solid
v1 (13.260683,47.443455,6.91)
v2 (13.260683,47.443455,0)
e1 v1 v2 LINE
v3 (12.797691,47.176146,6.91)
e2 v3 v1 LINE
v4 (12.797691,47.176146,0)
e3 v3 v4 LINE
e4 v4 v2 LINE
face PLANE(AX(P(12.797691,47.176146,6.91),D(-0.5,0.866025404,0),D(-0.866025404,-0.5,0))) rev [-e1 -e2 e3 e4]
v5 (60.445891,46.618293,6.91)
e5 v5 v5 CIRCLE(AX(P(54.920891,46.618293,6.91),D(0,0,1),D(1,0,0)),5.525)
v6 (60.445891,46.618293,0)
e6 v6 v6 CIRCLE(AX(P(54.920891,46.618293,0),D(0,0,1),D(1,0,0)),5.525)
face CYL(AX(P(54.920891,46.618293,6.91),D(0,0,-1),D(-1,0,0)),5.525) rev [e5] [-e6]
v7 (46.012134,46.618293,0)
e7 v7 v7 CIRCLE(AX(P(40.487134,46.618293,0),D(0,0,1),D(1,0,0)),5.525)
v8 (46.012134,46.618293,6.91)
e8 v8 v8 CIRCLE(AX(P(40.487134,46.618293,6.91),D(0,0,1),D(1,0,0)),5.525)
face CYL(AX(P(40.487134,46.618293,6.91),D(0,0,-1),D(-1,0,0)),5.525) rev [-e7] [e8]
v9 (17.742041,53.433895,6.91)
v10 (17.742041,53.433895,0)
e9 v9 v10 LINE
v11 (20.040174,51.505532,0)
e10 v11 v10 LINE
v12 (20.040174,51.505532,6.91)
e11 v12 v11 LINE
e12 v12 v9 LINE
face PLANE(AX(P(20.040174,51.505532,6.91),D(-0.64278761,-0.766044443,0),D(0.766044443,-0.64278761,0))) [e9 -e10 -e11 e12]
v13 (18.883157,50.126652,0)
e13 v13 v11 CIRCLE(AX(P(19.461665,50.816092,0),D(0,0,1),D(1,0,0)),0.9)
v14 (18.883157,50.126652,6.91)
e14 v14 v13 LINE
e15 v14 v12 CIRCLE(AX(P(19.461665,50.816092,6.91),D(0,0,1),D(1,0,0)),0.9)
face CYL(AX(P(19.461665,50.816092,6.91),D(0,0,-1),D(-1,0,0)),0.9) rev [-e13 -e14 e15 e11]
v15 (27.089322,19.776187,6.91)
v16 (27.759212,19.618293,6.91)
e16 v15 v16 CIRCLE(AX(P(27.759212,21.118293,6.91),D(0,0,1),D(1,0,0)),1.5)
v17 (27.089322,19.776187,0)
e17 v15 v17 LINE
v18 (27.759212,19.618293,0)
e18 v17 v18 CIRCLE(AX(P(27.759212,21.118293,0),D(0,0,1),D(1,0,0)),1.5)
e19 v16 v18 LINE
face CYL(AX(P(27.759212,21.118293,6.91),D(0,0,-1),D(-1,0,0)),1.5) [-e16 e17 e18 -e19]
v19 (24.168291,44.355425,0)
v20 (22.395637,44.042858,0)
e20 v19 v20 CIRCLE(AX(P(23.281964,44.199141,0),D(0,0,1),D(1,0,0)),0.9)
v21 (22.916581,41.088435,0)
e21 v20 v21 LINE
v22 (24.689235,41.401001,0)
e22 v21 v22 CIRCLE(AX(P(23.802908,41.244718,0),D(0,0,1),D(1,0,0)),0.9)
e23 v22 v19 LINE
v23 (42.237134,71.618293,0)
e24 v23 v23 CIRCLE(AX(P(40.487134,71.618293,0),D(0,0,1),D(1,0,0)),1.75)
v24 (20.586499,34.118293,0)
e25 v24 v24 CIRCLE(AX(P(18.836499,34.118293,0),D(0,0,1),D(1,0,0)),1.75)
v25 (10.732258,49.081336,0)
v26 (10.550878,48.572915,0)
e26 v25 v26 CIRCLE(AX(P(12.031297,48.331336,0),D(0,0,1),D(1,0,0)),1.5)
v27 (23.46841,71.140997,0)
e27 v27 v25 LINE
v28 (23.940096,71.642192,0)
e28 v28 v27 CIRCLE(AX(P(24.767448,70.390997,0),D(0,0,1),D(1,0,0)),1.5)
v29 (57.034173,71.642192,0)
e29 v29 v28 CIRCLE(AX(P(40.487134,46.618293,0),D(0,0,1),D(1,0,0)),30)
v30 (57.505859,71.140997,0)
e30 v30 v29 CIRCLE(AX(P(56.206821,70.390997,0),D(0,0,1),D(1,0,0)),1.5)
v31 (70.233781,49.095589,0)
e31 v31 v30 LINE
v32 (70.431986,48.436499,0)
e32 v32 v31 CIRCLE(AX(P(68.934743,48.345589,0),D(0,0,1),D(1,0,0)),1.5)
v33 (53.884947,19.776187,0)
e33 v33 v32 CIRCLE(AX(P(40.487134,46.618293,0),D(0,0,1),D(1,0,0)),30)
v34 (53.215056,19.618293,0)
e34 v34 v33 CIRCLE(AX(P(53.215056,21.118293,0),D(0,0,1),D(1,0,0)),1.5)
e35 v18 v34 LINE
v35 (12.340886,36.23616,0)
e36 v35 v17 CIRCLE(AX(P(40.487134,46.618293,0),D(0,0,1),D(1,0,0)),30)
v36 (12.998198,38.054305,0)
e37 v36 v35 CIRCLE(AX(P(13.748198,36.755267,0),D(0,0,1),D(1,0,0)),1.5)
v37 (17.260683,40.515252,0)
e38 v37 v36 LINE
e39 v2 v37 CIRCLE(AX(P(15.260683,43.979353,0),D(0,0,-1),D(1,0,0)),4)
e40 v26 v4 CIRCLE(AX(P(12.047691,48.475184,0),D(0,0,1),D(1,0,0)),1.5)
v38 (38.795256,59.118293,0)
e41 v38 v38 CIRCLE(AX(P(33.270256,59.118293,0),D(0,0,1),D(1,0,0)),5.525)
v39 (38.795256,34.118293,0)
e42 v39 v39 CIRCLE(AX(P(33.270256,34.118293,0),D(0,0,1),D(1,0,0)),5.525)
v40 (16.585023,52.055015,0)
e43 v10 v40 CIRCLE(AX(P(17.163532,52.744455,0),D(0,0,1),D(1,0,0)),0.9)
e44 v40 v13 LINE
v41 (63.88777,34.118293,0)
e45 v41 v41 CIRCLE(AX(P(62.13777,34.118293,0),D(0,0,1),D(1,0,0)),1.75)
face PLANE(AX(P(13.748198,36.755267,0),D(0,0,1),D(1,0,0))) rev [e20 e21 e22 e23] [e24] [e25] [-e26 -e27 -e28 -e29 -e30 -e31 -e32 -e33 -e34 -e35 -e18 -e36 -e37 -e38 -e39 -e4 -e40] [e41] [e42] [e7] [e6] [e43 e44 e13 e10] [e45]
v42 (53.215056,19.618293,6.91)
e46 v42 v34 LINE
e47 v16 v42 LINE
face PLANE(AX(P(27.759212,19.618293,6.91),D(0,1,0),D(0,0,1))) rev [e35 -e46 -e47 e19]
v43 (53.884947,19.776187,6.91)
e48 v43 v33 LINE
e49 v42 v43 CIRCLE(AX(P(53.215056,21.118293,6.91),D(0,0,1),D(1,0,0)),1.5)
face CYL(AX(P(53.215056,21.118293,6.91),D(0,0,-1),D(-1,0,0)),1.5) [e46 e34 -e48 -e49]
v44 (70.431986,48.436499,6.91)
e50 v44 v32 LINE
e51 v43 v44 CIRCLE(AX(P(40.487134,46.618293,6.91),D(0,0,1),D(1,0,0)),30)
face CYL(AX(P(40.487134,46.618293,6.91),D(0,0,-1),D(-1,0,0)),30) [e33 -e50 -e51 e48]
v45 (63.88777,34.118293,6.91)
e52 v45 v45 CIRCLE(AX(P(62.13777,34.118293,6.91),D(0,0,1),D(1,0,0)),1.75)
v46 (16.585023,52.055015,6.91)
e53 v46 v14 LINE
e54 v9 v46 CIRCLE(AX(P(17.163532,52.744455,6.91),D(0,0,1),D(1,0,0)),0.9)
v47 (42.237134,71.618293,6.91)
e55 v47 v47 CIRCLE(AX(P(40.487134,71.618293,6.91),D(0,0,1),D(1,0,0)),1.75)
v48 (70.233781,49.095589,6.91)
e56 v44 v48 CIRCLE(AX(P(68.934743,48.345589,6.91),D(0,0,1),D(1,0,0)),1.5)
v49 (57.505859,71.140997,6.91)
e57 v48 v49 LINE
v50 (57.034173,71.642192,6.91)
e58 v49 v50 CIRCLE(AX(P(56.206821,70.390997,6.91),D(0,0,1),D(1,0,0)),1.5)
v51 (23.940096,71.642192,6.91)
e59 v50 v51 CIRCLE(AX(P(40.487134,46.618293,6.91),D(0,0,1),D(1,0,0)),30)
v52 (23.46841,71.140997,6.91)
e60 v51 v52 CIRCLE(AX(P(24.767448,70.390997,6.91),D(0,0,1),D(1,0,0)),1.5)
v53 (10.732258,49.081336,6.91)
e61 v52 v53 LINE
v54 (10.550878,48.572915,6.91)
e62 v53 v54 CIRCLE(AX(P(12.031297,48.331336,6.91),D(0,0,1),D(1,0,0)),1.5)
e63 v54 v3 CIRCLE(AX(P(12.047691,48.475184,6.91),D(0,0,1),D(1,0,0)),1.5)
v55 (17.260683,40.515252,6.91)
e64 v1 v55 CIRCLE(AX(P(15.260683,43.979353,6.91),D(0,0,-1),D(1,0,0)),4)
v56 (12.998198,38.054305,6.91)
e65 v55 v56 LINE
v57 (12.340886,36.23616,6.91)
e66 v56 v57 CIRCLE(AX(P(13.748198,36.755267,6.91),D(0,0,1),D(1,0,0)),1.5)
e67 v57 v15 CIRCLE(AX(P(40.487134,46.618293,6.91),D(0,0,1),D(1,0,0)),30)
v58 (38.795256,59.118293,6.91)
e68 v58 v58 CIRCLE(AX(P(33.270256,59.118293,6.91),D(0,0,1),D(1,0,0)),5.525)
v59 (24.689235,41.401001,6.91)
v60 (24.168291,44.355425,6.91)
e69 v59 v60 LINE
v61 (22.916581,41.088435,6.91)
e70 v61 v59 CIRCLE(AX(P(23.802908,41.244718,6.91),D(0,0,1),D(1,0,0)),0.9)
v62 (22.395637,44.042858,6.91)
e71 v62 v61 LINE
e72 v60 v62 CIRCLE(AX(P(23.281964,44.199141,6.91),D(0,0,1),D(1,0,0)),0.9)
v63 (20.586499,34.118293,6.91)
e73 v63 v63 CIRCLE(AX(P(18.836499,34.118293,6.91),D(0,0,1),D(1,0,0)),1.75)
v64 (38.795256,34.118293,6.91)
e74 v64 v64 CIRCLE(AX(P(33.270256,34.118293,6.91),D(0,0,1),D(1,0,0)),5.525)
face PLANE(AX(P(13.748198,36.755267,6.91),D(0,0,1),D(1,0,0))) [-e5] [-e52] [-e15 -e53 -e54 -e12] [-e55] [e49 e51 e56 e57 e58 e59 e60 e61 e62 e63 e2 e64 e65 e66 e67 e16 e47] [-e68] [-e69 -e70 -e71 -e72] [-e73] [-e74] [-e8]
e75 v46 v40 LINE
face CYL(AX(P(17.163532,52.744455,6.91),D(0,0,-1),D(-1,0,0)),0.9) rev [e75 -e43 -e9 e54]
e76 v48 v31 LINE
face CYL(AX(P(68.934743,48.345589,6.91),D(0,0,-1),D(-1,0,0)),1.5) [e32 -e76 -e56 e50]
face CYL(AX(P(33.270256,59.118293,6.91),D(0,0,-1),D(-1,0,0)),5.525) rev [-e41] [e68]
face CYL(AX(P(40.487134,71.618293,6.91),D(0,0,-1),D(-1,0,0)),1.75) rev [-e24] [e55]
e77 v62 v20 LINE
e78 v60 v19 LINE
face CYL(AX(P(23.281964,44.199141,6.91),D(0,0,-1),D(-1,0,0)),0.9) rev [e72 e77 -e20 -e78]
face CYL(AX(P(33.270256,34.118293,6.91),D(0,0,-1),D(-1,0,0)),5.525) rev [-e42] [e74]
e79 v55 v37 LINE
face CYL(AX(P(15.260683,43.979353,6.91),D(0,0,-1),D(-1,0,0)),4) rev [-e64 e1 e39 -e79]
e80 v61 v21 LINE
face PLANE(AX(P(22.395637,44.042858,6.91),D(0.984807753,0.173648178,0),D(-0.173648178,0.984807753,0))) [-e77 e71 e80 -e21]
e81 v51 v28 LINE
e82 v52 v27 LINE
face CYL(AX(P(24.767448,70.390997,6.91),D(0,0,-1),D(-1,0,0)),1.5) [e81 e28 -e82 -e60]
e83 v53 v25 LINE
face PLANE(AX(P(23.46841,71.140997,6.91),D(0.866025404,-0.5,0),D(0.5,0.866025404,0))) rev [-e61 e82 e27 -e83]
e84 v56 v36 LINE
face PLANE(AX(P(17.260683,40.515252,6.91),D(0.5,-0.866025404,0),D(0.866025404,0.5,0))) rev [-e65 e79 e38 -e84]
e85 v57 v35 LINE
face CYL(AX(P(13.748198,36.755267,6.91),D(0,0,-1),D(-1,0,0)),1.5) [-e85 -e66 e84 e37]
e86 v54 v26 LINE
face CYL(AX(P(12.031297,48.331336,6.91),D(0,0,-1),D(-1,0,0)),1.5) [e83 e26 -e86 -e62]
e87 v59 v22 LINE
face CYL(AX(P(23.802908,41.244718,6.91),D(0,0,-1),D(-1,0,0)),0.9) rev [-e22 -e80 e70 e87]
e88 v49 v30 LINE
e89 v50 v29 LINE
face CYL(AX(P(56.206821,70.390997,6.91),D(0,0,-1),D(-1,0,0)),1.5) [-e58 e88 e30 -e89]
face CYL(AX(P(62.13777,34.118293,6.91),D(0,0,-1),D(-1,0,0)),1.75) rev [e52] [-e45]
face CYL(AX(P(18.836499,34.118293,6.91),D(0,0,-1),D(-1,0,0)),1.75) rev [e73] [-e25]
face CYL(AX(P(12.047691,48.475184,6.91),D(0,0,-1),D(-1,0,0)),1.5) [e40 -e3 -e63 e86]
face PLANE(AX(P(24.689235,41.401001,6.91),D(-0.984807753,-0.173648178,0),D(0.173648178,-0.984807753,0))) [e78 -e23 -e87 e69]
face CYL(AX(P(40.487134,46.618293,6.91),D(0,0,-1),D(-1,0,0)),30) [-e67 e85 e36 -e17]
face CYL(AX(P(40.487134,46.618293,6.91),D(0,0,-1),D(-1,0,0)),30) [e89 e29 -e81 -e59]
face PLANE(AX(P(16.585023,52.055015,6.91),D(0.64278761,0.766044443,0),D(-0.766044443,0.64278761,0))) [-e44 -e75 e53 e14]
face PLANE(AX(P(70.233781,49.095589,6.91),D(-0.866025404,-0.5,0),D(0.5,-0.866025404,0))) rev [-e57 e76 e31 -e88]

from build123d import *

# Parameters (mm, degrees)
SKETCH1_R           = 5.525
SKETCH1_R_2         = 1.75
BOSS_EXTRUDE1_DEPTH = 6.91


with BuildPart() as part:
    # Sketch1 → Boss-Extrude1 (new body)
    with BuildSketch(Plane.XY):
        with BuildLine():
            Line((27.759212348, 19.618292738), (53.215056471, 19.618292738))
            ThreePointArc((53.215056471, 19.618292738), (53.559180072, 19.658299948), (53.884947106, 19.776187475))
            ThreePointArc((53.884947106, 19.776187475), (66.467896523, 31.618292738), (70.431985807, 48.436499219))
            ThreePointArc((70.431985807, 48.436499219), (70.371195883, 48.77756551), (70.233781342, 49.095588895))
            Line((70.233781342, 49.095588895), (57.505859281, 71.14099658))
            ThreePointArc((57.505859281, 71.14099658), (57.299150221, 71.419012756), (57.03417311, 71.642191519))
            ThreePointArc((57.03417311, 71.642191519), (40.48713441, 76.618292738), (23.940095709, 71.642191519))
            ThreePointArc((23.940095709, 71.642191519), (23.675118599, 71.419012756), (23.468409538, 71.14099658))
            Line((23.468409538, 71.14099658), (10.732258497, 49.081335884))
            ThreePointArc((10.732258497, 49.081335884), (10.618509348, 48.835351928), (10.550877955, 48.572915326))
            ThreePointArc((10.550877955, 48.572915326), (11.255747963, 47.20128209), (12.797690777, 47.176146091))
            Line((12.797690777, 47.176146091), (13.260683436, 47.443455028))
            ThreePointArc((13.260683436, 47.443455028), (18.724785051, 45.979353412), (17.260683436, 40.515251797))
            Line((17.260683436, 40.515251797), (12.998198083, 38.054304731))
            ThreePointArc((12.998198083, 38.054304731), (12.337555741, 37.265255041), (12.340885644, 36.236159988))
            ThreePointArc((12.340885644, 36.236159988), (18.144128021, 26.598550843), (27.089321713, 19.776187475))
            ThreePointArc((27.089321713, 19.776187475), (27.415088747, 19.658299948), (27.759212348, 19.618292738))
        make_face()
        with Locations((33.270256045, 34.118292738)):
            Circle(SKETCH1_R, mode=Mode.SUBTRACT)
        with Locations((54.920891139, 46.618292738)):
            Circle(SKETCH1_R, mode=Mode.SUBTRACT)
        with Locations((33.270256045, 59.118292738)):
            Circle(SKETCH1_R, mode=Mode.SUBTRACT)
        with Locations((40.48713441, 46.618292738)):
            Circle(SKETCH1_R, mode=Mode.SUBTRACT)
        with Locations((18.836499315, 34.118292738)):
            Circle(SKETCH1_R_2, mode=Mode.SUBTRACT)
        with Locations((62.137769504, 34.118292738)):
            Circle(SKETCH1_R_2, mode=Mode.SUBTRACT)
        with Locations((40.48713441, 71.618292738)):
            Circle(SKETCH1_R_2, mode=Mode.SUBTRACT)
        with BuildLine():
            Line((24.689235101, 41.401001388), (24.168290568, 44.355424648))
            ThreePointArc((24.168290568, 44.355424648), (23.12568023, 45.085468265), (22.395636613, 44.042857928))
            Line((22.395636613, 44.042857928), (22.916581146, 41.088434669))
            ThreePointArc((22.916581146, 41.088434669), (23.959191483, 40.358391051), (24.689235101, 41.401001388))
        make_face(mode=Mode.SUBTRACT)
        with BuildLine():
            Line((20.040174245, 51.505531858), (17.742040916, 53.433894687))
            ThreePointArc((17.742040916, 53.433894687), (16.474092068, 53.322963537), (16.585023219, 52.055014689))
            Line((16.585023219, 52.055014689), (18.883156548, 50.12665186))
            ThreePointArc((18.883156548, 50.12665186), (20.151105395, 50.237583011), (20.040174245, 51.505531858))
        make_face(mode=Mode.SUBTRACT)
    extrude(amount=BOSS_EXTRUDE1_DEPTH)


solid = part.part
